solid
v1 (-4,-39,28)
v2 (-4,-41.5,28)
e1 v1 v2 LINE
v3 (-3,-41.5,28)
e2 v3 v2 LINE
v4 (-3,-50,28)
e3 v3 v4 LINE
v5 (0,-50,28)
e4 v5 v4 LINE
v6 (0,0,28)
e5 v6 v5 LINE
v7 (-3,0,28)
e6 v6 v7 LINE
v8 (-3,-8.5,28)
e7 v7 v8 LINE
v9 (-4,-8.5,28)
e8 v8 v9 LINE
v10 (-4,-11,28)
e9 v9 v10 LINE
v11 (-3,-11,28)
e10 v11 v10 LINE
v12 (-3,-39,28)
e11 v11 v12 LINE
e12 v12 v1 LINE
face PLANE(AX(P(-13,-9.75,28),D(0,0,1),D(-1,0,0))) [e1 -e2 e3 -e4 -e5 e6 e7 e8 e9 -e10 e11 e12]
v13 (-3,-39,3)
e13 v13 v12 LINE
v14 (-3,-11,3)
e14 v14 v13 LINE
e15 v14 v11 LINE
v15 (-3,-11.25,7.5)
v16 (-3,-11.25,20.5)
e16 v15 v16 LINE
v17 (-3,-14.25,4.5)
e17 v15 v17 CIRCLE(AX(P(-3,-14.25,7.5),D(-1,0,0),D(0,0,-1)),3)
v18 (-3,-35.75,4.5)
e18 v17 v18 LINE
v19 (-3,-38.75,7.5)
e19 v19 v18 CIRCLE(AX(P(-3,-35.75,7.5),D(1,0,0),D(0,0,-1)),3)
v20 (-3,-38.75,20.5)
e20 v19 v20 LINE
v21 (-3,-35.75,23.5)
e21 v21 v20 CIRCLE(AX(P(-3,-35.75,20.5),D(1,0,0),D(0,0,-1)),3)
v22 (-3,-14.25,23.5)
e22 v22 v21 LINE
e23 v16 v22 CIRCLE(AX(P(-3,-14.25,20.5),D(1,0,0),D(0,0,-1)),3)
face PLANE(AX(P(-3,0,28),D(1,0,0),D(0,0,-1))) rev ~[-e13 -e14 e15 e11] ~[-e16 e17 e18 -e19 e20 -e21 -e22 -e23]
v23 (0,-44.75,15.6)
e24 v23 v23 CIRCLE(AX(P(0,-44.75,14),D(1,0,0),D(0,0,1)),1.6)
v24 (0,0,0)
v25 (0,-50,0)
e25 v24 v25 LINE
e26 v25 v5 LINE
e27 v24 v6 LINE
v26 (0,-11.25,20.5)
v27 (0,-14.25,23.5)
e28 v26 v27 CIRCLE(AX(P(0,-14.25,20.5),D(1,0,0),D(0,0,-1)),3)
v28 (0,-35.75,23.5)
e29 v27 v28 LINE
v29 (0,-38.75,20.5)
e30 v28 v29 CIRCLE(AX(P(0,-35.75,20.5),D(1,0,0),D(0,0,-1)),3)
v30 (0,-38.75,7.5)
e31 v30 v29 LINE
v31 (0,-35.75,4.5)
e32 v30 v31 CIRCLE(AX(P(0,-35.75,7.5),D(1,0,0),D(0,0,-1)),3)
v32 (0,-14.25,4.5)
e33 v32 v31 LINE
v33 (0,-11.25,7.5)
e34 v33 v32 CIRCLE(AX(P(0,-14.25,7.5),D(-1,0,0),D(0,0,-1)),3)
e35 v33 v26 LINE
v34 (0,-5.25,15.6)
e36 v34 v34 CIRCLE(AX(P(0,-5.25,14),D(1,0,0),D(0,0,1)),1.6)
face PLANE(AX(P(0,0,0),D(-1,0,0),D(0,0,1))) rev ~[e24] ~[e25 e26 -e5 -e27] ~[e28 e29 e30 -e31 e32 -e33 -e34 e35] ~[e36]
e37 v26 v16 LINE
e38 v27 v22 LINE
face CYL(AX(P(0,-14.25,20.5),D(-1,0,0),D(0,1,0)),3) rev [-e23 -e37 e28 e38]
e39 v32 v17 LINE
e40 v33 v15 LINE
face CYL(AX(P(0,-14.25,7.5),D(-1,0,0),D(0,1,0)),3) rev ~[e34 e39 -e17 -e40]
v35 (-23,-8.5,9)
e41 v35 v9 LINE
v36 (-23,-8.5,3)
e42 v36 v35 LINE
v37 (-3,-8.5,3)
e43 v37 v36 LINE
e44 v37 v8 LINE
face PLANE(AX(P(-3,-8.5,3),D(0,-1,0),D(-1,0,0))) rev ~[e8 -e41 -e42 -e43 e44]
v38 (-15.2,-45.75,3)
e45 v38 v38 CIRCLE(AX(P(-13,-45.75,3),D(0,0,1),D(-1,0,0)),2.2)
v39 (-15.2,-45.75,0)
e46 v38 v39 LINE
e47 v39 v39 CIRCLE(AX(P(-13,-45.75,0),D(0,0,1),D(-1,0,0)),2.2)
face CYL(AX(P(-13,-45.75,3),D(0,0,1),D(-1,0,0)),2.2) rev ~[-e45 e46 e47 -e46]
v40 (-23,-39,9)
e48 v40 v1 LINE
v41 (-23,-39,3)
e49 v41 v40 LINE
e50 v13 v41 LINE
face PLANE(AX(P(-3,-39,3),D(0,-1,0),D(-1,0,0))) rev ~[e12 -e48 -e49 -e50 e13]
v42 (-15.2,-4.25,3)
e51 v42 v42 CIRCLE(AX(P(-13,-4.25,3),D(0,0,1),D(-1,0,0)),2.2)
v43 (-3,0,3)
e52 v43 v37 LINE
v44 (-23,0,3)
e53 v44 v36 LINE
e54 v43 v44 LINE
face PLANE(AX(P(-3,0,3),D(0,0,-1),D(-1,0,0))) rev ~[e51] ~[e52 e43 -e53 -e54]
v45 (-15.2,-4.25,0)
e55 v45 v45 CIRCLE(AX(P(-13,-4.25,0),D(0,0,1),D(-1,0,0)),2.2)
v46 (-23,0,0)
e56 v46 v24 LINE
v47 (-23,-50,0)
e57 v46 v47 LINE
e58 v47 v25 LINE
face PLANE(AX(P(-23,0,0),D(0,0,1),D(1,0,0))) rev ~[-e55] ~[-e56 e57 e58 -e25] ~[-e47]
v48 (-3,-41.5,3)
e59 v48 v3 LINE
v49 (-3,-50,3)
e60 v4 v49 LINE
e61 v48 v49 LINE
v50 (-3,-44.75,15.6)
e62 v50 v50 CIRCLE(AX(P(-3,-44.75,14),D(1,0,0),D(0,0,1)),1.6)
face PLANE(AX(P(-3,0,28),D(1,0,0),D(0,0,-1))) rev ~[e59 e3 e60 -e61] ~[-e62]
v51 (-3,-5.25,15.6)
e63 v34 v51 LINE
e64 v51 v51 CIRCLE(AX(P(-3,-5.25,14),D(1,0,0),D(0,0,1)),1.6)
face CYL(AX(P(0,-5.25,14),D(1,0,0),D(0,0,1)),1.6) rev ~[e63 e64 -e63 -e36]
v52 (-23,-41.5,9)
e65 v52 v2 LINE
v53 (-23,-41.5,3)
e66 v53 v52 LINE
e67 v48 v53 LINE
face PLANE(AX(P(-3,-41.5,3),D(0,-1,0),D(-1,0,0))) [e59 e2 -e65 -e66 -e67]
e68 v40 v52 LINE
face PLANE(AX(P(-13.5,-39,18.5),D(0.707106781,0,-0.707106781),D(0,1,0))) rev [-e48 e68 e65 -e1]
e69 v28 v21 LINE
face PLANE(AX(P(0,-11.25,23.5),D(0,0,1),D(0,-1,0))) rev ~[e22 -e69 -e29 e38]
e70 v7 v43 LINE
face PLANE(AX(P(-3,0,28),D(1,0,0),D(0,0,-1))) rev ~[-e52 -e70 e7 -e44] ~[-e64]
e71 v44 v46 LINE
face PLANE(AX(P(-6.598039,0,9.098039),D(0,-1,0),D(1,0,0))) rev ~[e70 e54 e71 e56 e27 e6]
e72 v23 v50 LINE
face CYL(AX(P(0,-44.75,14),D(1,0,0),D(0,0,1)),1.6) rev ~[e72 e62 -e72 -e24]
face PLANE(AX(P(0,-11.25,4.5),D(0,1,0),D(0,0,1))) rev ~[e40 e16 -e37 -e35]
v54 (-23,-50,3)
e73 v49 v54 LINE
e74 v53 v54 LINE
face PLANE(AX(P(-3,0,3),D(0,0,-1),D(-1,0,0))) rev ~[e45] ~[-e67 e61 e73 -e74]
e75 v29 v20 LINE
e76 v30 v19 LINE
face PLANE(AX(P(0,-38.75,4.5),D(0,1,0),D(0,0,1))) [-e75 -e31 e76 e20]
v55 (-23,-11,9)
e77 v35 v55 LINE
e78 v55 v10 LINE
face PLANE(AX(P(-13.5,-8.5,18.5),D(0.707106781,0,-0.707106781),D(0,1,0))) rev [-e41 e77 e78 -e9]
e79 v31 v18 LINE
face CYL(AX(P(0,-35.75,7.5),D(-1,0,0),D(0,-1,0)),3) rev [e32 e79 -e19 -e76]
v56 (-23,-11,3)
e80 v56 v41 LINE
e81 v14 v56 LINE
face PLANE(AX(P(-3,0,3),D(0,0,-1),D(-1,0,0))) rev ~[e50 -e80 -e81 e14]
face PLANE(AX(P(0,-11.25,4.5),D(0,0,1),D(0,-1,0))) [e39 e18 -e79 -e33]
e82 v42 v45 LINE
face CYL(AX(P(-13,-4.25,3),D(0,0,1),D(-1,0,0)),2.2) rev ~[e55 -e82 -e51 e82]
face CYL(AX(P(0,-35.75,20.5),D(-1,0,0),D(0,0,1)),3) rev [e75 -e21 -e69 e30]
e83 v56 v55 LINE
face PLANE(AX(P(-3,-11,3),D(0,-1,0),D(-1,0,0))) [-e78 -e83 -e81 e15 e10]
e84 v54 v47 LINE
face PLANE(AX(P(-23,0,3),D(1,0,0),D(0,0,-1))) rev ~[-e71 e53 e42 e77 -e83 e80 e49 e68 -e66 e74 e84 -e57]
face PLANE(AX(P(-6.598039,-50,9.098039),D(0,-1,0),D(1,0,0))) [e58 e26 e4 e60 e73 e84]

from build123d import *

# Parameters (mm, degrees)
PAD_DEPTH    = 50
SKETCH003_W  = 20
SKETCH003_H  = 2.5
PAD001_DEPTH = 25
CHAMFER_SIZE = 19
SKETCH004_R  = 1.6
SKETCH004_W  = 19
SKETCH004_H  = 27.5
POCKET_DEPTH = 23.001
FILLET_R     = 3
SKETCH005_R  = 2.2
HOLE_DEPTH   = 25


with BuildPart() as part:
    # Sketch → Pad (new body)
    with BuildSketch(Plane.XZ):
        Polygon((-23, 3), (-23, 0), (0, 0), (0, 28), (-3, 28), (-3, 3), align=None)
    extrude(amount=PAD_DEPTH)

    # Sketch003 (on Face6 of Pad) → Pad001 (join)
    with BuildSketch(Plane(origin=(0, 0, 3), x_dir=(-1, 0, 0), z_dir=(0, 0, 1))):
        with Locations((13, 40.25)):
            Rectangle(SKETCH003_W, SKETCH003_H)
        with Locations((13, 9.75)):
            Rectangle(SKETCH003_W, SKETCH003_H)
    extrude(amount=PAD001_DEPTH)

    # Chamfer
    chamfer_edges = [part.edges().sort_by_distance(p)[0] for p in [
        (-23, -40.25, 28),
        (-23, -9.75, 28),
    ]]
    chamfer(chamfer_edges, length=CHAMFER_SIZE)

    # Sketch004 (on Face21 of Chamfer) → Pocket (cut, through all)
    with BuildSketch(Plane(origin=(0, 0, 0), x_dir=(0, 0, 1), z_dir=(1, 0, 0))):
        with Locations((14, 44.75)):
            Circle(SKETCH004_R)
        with Locations((14, 5.25)):
            Circle(SKETCH004_R)
        with Locations((14, 25)):
            Rectangle(SKETCH004_W, SKETCH004_H)
    extrude(amount=-POCKET_DEPTH, mode=Mode.SUBTRACT)

    # Fillet
    fillet_edges = [part.edges().sort_by_distance(p)[0] for p in [
        (-1.5, -11.25, 4.5),
        (-1.5, -11.25, 23.5),
        (-1.5, -38.75, 4.5),
        (-1.5, -38.75, 23.5),
    ]]
    fillet(fillet_edges, radius=FILLET_R)

    # Sketch005 (on Face9 of Pocket) → Hole (cut)
    with BuildSketch(Plane(origin=(0, 0, 3), x_dir=(-1, 0, 0), z_dir=(0, 0, 1))):
        with Locations((13, 4.25)):
            Circle(SKETCH005_R)
        with Locations((13, 45.75)):
            Circle(SKETCH005_R)
    extrude(amount=-HOLE_DEPTH, mode=Mode.SUBTRACT)


solid = part.part
